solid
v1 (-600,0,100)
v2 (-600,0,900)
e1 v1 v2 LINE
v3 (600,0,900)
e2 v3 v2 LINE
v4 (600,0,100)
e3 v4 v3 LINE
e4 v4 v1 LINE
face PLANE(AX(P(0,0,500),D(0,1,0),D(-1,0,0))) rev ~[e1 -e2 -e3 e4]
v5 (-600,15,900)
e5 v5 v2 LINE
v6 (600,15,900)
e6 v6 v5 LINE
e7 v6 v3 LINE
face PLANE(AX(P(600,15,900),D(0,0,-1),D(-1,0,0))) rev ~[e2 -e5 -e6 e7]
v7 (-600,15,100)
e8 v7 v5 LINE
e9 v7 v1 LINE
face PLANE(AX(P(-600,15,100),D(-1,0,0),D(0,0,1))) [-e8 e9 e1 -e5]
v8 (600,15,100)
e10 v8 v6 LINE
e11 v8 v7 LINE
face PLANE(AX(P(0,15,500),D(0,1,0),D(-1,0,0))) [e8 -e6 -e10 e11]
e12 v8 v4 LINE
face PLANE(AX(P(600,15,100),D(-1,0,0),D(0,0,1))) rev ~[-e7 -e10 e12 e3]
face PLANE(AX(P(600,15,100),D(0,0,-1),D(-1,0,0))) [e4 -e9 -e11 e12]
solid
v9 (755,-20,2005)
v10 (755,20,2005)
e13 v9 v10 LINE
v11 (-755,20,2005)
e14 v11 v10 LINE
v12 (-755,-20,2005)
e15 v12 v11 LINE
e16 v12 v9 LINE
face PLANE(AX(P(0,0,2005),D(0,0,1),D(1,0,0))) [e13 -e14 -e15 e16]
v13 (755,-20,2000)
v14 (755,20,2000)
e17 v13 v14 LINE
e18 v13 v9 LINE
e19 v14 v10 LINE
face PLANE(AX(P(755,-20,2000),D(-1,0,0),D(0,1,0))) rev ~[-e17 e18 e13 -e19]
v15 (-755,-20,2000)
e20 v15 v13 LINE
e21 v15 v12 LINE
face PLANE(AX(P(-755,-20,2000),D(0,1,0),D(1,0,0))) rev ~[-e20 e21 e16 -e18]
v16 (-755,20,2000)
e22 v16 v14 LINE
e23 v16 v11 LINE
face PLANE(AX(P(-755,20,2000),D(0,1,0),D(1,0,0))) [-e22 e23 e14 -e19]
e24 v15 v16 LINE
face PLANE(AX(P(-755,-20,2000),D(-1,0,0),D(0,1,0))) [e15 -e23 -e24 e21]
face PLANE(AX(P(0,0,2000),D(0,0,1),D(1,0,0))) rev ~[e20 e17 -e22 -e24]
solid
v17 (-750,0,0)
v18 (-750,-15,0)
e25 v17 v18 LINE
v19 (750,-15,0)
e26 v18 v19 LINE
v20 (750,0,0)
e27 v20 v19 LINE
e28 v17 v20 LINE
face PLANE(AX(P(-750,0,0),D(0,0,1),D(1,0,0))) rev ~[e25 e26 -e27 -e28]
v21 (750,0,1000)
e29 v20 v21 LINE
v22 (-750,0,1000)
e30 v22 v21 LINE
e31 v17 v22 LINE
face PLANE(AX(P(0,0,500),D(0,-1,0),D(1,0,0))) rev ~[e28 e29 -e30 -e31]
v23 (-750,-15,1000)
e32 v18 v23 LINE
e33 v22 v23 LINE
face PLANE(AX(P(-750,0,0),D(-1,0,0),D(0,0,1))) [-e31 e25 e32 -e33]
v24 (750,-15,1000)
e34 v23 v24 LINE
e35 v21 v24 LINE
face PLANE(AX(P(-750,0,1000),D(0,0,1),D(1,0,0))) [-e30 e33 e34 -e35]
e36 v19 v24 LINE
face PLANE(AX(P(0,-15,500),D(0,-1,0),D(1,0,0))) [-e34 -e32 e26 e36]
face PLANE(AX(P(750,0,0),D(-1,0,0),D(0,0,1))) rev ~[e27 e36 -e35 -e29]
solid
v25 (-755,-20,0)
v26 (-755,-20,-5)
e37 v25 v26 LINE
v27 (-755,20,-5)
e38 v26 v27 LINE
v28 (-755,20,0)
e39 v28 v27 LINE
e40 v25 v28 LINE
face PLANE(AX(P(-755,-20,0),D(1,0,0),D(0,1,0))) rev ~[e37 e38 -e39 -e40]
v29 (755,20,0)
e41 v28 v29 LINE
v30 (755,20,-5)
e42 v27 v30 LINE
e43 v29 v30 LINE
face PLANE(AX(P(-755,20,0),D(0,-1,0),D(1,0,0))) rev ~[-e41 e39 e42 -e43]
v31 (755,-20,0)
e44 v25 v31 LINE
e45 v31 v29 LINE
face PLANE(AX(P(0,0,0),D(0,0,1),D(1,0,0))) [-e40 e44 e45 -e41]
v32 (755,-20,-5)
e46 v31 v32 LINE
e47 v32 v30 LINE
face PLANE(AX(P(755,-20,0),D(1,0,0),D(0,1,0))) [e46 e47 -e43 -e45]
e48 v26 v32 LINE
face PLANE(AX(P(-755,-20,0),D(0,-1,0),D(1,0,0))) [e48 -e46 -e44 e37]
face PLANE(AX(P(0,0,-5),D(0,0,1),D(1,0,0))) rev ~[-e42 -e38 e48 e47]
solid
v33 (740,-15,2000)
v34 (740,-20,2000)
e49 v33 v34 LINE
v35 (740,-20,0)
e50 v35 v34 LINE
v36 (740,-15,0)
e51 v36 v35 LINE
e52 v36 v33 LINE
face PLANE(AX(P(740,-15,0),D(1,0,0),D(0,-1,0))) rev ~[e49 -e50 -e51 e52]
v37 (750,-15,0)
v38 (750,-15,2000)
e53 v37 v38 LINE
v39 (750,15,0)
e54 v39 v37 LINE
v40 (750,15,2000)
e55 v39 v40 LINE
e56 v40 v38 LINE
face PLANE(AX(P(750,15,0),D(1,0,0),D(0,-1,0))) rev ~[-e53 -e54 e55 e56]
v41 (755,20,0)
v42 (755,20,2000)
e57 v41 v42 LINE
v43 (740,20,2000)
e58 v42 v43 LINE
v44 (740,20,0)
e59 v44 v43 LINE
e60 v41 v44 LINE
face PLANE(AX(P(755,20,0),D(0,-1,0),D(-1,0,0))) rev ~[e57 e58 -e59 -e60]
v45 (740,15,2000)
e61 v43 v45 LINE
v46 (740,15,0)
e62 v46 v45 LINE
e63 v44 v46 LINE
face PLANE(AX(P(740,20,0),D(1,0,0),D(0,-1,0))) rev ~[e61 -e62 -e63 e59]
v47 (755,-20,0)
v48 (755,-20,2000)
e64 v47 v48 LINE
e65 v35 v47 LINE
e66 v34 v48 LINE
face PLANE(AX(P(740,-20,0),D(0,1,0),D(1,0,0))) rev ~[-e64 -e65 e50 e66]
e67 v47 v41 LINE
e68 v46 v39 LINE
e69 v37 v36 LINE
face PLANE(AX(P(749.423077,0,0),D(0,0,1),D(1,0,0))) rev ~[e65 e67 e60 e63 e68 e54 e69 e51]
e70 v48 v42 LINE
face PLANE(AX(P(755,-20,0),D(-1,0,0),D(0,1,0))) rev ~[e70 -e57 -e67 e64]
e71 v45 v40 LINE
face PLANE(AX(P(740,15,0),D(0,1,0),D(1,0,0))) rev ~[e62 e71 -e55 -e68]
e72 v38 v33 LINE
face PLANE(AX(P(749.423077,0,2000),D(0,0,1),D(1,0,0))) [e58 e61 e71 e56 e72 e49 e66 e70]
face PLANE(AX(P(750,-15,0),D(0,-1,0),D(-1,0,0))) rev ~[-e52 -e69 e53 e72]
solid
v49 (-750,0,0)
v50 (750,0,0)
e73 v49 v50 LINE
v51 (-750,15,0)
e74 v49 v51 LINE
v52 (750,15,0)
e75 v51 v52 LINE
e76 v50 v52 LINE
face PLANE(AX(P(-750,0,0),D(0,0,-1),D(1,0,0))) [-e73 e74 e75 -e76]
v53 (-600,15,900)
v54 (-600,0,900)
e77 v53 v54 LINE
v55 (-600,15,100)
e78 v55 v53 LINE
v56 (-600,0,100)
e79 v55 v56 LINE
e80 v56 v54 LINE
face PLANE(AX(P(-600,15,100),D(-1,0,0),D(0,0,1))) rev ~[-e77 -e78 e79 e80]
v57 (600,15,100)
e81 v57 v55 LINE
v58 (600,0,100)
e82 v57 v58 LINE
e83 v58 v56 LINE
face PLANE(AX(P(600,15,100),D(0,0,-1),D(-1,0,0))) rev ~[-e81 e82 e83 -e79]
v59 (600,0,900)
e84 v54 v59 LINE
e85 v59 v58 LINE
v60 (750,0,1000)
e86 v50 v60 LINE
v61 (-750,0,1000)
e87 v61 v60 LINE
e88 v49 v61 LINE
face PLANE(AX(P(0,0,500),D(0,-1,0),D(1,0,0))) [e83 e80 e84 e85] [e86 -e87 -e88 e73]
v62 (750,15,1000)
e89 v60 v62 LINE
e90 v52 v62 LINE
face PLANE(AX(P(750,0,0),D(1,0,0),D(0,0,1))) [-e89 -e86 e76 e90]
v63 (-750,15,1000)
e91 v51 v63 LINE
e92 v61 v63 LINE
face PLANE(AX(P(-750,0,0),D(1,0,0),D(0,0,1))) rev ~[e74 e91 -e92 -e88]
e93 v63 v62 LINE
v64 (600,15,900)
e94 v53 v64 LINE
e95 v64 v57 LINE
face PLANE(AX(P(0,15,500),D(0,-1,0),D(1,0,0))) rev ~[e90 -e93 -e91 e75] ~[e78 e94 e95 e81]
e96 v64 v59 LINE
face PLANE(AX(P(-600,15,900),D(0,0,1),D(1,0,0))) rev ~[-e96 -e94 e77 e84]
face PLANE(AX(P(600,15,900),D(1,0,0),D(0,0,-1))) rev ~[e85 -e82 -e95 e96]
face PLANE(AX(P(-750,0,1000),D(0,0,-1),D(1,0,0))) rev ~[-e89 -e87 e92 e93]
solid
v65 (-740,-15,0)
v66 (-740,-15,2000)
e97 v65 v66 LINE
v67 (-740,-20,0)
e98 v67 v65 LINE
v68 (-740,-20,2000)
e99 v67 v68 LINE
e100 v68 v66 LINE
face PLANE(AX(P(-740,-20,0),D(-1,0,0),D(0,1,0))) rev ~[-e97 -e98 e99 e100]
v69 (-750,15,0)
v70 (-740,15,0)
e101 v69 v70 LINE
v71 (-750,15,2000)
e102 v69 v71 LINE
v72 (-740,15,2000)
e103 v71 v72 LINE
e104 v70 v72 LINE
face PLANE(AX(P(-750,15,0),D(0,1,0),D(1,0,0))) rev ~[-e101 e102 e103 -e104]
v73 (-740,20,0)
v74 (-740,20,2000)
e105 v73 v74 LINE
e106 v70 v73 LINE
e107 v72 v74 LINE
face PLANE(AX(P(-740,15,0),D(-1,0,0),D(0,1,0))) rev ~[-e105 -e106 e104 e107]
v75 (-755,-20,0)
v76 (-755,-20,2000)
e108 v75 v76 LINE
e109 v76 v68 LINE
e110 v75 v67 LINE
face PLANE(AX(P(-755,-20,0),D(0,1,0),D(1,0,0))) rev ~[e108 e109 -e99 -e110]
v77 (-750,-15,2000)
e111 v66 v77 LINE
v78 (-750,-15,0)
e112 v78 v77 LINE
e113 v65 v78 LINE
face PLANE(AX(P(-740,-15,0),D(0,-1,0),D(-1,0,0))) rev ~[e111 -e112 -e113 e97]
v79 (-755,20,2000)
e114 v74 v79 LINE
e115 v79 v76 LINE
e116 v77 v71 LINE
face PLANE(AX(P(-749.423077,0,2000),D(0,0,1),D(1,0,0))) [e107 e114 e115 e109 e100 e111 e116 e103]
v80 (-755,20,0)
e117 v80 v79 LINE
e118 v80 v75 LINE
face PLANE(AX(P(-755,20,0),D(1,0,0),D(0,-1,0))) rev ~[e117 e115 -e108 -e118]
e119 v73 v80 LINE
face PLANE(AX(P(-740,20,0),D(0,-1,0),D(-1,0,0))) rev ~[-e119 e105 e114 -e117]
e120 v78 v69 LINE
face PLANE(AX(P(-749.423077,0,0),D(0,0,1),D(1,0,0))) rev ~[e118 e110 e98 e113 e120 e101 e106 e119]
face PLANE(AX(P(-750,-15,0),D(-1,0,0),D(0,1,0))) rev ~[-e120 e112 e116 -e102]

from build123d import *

# Parameters (mm, degrees)
F1_DEPTH  = 2000
F2_W      = 1500
F2_H      = 1000
F3_DEPTH  = 15
F4_DEPTH  = 15
F5_W      = 1510
F5_H      = 40
F6_DEPTH  = 5
F7_W      = 1510
F7_H      = 40
F8_DEPTH  = 5
F10_DEPTH = 15
F11_W     = 1200
F11_H     = 800
F12_DEPTH = 15


with BuildPart() as f1:
    # F0 (on Top) → F1 (new body)
    with BuildSketch(Plane.XY):
        Polygon((-750, -15), (-750, 0), (-750, 15), (-740, 15), (-740, 20), (-755, 20), (-755, 0), (-755, -20), (-740, -20), (-740, -15), align=None)
        Polygon((750, -15), (740, -15), (740, -20), (755, -20), (755, 0), (755, 20), (740, 20), (740, 15), (750, 15), (750, 0), align=None)
    extrude(amount=F1_DEPTH)


with BuildPart() as f3:
    # F2 (on Front) → F3 (new body)
    with BuildSketch(Plane.XZ):
        with Locations((0, 500)):
            Rectangle(F2_W, F2_H)
    extrude(amount=F3_DEPTH)


with BuildPart() as f4:
    # F2 (on Front) → F4 (new body)
    with BuildSketch(Plane.XZ):
        with Locations((0, 500)):
            Rectangle(F2_W, F2_H)
    extrude(amount=-F4_DEPTH)

    # F9 (on face) → F10 (cut)
    with BuildSketch(Plane(origin=(0, 15, 0), x_dir=(-1, 0, 0), z_dir=(0, 1, 0))):
        Polygon((-600, 100), (0, 100), (600, 100), (600, 900), (0, 900), (-600, 900), align=None)
    extrude(amount=-F10_DEPTH, mode=Mode.SUBTRACT)


with BuildPart() as f6:
    # F5 (on face) → F6 (new body)
    with BuildSketch(Plane.XY.offset(2000)):
        Rectangle(F5_W, F5_H)
    extrude(amount=F6_DEPTH)


with BuildPart() as f8:
    # F7 (on face) → F8 (new body)
    with BuildSketch(Plane.XY):
        Rectangle(F7_W, F7_H)
    extrude(amount=-F8_DEPTH)


with BuildPart() as f12:
    # F11 (on face) → F12 (new body)
    with BuildSketch(Plane(origin=(0, 15, 0), x_dir=(-1, 0, 0), z_dir=(0, 1, 0))):
        with Locations((0, 500)):
            Rectangle(F11_W, F11_H)
    extrude(amount=-F12_DEPTH)


solid = Compound([f1.part, f3.part, f4.part, f6.part, f8.part, f12.part])
